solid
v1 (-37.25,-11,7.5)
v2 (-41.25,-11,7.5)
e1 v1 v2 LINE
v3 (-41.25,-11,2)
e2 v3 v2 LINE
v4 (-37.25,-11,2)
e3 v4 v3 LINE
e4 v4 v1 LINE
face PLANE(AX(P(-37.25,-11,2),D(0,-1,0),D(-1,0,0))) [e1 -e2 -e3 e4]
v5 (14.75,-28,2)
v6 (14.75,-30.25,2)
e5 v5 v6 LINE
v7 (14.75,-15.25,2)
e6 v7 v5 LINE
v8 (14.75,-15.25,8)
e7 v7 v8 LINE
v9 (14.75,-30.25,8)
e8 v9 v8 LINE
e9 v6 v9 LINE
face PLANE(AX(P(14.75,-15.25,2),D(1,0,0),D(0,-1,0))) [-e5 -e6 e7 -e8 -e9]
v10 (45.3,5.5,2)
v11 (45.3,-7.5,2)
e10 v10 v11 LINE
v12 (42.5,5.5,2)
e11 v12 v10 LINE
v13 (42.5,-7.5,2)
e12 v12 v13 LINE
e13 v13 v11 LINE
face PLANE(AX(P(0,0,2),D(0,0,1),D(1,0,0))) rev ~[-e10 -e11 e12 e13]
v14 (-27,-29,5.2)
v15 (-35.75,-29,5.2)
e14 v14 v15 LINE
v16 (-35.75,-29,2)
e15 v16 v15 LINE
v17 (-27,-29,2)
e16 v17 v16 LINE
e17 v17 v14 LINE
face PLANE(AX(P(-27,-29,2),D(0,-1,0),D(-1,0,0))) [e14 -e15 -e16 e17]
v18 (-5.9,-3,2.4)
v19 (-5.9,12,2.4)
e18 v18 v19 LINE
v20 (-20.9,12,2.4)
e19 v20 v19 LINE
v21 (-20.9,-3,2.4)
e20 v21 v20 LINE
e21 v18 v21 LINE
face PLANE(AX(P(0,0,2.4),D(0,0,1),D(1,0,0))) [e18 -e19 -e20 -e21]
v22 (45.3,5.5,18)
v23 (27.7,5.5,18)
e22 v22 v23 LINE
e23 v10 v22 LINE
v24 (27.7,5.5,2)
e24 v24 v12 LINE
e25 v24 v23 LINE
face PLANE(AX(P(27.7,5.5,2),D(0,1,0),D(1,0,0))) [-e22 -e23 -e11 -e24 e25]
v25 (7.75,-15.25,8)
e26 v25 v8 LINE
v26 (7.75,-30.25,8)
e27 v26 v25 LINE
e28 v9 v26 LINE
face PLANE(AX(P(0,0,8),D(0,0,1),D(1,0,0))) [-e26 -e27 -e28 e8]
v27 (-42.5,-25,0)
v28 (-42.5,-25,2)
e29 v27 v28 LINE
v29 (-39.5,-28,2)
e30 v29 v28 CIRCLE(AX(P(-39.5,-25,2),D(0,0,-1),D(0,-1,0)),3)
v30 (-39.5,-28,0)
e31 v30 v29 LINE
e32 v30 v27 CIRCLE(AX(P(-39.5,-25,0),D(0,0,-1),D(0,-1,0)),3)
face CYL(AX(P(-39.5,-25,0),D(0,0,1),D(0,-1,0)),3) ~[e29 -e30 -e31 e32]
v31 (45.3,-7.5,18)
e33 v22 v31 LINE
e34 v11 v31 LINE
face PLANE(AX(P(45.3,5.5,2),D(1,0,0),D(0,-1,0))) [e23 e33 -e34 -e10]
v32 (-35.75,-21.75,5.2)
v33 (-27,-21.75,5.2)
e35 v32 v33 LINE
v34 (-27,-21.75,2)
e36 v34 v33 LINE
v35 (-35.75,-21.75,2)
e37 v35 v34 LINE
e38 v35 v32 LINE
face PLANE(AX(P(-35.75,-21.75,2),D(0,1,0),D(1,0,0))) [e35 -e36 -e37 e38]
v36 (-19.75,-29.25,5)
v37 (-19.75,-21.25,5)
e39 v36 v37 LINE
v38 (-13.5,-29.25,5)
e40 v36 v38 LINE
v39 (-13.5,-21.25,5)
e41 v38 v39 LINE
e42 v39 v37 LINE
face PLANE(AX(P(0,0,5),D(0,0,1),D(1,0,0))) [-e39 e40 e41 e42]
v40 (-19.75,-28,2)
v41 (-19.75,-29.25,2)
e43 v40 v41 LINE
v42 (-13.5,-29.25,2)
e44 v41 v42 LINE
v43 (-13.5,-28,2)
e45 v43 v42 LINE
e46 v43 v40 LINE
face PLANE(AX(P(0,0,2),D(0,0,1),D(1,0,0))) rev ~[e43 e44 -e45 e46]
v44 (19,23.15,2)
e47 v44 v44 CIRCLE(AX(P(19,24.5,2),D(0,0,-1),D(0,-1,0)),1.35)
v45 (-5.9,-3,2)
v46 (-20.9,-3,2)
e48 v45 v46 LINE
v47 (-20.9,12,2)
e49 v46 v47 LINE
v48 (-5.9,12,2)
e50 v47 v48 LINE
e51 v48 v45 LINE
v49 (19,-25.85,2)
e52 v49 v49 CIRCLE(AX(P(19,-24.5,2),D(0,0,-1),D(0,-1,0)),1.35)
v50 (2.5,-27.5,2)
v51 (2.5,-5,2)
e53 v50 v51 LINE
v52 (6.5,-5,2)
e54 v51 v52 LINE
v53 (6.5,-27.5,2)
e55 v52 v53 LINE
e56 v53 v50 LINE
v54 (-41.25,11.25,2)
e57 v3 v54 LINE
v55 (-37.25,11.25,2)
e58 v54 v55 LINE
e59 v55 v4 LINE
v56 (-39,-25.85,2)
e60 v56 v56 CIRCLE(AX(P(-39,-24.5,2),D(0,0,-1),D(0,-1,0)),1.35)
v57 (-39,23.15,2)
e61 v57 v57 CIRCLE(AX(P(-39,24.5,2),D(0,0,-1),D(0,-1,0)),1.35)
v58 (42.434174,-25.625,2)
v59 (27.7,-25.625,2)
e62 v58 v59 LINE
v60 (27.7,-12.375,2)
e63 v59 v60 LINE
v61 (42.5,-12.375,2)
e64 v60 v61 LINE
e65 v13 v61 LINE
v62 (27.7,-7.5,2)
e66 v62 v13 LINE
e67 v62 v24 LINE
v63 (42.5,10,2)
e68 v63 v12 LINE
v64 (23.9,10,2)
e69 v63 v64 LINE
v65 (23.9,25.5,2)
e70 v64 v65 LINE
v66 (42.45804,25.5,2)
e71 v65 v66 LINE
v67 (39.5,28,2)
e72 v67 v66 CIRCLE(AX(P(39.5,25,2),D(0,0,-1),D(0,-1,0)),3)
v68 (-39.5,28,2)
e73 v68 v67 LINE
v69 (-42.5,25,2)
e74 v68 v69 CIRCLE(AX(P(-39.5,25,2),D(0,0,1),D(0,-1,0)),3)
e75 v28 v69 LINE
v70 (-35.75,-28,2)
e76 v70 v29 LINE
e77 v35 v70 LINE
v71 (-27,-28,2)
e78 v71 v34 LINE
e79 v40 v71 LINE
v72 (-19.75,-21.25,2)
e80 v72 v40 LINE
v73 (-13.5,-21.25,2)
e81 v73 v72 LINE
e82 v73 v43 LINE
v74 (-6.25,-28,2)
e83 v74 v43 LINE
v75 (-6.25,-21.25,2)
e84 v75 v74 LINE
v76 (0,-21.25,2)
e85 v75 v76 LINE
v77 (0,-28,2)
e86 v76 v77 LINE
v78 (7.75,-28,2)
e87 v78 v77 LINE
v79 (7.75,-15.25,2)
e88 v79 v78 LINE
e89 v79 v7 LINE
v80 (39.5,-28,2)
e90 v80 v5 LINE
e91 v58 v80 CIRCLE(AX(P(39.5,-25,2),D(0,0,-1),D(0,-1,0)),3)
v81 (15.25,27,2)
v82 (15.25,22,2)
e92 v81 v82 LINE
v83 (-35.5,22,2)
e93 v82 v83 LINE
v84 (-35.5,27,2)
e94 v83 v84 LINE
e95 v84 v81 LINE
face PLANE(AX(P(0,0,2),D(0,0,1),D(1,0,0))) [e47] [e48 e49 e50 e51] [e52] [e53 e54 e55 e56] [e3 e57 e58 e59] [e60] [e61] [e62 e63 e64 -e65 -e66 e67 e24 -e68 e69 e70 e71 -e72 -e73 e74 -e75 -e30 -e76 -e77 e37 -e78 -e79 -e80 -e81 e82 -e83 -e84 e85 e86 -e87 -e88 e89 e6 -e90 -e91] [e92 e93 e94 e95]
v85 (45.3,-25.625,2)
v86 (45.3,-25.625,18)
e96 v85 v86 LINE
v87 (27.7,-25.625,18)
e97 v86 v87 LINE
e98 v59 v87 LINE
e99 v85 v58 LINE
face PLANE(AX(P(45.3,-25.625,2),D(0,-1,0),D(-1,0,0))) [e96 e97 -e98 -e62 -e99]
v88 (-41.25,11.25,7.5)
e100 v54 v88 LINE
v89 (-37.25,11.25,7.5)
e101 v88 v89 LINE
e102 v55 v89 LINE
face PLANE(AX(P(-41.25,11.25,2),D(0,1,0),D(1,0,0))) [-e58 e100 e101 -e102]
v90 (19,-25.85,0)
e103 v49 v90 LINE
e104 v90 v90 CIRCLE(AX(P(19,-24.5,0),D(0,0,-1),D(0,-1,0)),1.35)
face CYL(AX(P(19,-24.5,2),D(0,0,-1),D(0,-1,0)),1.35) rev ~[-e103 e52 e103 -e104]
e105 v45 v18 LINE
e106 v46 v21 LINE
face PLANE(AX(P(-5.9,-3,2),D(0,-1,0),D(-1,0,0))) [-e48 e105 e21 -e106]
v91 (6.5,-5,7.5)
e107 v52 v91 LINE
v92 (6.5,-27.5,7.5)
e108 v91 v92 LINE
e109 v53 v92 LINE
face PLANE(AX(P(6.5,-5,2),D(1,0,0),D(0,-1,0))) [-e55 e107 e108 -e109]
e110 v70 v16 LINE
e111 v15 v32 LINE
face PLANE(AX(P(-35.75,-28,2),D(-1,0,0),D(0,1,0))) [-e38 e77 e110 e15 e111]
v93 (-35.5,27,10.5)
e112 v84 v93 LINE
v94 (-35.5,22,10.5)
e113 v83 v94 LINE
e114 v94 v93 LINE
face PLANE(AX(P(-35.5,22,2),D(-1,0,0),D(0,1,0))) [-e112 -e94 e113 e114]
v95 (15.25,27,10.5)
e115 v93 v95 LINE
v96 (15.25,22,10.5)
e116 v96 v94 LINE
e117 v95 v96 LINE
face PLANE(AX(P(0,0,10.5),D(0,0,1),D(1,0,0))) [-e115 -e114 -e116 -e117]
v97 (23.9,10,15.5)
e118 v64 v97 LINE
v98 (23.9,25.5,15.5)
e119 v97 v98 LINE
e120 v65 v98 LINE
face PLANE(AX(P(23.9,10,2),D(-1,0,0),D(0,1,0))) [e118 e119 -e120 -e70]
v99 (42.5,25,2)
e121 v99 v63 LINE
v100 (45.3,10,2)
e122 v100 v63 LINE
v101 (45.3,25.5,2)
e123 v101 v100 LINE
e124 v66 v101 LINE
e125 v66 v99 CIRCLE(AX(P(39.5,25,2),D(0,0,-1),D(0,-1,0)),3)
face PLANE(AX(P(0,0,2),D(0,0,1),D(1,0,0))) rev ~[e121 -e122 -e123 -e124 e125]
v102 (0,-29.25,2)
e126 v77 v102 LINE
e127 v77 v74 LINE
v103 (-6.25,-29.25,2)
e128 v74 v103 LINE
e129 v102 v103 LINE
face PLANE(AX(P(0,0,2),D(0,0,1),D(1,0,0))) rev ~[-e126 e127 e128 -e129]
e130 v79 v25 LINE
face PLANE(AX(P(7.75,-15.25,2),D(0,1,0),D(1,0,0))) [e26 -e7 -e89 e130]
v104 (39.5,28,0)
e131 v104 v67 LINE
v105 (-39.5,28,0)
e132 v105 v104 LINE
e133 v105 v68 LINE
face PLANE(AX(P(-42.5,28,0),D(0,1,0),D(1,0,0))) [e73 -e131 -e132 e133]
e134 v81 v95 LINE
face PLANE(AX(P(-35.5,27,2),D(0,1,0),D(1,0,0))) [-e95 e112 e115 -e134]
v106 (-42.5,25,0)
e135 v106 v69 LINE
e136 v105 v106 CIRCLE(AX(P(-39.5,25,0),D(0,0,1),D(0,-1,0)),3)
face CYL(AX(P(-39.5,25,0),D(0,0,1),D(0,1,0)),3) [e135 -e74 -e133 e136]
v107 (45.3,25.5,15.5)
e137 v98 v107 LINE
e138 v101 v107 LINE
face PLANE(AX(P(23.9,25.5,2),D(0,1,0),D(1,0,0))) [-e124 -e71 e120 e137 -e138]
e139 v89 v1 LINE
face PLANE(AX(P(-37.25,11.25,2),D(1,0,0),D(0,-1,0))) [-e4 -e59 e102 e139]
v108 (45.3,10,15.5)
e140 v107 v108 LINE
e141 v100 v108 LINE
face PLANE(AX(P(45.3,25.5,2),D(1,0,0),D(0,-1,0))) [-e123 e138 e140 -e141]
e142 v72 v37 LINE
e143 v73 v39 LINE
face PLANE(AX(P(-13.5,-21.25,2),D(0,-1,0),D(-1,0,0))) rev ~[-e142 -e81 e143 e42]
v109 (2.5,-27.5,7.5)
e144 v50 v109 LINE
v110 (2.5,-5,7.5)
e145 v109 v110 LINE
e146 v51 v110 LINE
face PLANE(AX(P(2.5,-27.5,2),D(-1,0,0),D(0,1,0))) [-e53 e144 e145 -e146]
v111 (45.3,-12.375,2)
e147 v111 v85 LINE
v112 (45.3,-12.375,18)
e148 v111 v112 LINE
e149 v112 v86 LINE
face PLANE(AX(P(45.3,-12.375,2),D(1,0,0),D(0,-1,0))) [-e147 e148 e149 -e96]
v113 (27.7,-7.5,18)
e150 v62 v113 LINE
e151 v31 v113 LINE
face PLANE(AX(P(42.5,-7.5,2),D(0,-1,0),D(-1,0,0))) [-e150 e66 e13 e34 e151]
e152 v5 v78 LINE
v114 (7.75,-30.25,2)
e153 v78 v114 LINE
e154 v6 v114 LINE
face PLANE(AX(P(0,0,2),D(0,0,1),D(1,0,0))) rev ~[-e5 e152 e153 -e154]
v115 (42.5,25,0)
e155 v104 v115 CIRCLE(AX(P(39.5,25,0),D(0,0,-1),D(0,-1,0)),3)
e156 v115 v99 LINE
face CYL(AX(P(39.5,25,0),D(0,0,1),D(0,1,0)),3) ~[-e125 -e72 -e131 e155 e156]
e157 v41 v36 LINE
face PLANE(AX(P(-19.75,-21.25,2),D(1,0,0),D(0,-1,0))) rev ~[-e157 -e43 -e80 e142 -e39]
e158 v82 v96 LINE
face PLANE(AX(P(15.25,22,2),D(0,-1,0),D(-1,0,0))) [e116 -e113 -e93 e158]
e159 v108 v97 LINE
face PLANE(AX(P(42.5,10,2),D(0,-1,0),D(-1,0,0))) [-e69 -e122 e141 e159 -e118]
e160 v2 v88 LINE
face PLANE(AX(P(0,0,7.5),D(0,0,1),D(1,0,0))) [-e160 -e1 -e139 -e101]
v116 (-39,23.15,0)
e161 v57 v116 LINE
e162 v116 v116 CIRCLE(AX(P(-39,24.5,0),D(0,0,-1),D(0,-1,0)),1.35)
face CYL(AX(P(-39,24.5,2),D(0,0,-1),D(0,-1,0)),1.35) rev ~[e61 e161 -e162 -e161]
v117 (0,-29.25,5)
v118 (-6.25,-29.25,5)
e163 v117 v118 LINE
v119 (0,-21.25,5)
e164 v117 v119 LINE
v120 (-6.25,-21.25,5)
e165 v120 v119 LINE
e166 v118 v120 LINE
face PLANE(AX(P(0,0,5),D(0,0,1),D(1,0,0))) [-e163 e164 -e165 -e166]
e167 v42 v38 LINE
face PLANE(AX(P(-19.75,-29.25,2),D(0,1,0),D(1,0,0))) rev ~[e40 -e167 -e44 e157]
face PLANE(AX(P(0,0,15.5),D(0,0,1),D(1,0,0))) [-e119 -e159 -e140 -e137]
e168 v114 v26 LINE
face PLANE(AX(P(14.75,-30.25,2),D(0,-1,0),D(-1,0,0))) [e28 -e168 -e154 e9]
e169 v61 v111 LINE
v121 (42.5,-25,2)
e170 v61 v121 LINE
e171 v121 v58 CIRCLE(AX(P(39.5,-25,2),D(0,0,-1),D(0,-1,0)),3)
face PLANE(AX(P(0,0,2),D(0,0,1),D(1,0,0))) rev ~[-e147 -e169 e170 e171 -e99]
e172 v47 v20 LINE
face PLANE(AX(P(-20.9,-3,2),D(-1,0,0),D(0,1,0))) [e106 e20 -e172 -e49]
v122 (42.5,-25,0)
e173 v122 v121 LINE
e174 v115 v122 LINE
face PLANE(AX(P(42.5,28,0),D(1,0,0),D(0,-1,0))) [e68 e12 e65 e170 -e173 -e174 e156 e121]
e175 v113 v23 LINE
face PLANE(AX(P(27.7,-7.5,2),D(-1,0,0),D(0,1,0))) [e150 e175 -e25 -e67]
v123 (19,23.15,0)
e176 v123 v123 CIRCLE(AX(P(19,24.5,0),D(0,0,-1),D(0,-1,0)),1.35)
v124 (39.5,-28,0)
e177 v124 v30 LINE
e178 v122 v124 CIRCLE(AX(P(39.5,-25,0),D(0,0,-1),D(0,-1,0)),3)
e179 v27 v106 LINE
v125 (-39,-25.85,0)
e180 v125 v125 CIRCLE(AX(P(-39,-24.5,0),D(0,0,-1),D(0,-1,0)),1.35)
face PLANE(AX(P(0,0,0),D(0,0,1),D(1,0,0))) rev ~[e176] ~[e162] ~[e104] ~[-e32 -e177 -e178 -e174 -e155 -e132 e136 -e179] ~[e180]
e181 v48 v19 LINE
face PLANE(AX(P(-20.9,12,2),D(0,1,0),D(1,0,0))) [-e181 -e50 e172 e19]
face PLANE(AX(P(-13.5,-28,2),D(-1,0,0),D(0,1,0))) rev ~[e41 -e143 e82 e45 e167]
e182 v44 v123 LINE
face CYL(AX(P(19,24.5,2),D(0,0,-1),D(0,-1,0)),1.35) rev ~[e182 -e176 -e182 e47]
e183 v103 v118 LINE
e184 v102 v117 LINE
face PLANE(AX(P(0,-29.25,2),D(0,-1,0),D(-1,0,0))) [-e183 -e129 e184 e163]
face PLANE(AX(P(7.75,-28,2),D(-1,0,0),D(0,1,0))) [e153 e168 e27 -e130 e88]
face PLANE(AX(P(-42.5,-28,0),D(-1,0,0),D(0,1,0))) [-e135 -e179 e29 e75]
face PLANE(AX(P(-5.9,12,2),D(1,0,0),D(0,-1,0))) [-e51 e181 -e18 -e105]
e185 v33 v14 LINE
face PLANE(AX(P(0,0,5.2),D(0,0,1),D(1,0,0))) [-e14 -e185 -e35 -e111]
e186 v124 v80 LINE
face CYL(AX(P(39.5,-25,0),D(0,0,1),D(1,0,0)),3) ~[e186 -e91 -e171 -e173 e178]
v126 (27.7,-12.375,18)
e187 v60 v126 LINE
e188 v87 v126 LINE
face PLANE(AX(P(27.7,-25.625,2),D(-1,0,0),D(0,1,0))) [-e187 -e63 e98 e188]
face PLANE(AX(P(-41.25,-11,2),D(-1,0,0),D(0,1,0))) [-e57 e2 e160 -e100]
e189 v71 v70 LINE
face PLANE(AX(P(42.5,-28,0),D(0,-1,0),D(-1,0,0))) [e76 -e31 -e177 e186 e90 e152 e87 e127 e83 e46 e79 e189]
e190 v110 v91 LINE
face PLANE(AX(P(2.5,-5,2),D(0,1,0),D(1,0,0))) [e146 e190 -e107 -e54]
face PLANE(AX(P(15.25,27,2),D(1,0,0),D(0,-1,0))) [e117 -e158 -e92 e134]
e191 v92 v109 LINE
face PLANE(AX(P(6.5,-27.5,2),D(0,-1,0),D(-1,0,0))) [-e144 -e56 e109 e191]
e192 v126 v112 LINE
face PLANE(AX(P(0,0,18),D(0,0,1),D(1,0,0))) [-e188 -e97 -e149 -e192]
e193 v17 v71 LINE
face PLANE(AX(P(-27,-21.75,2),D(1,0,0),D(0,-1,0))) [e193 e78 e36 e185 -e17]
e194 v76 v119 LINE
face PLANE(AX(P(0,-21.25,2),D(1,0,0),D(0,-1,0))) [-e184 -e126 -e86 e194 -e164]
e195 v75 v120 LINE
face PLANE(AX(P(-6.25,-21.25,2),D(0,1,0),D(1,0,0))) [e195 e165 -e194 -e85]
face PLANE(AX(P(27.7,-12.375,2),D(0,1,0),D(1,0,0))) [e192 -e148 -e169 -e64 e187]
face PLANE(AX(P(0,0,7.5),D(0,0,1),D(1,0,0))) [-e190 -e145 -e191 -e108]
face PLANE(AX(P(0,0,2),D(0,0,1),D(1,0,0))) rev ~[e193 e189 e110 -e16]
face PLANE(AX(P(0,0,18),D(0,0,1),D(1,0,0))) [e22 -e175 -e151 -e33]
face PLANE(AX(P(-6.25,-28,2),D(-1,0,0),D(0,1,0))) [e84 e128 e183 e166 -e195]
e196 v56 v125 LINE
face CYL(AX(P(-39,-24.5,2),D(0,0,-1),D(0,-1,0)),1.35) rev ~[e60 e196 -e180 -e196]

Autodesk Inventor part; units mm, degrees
ref_plane "YZ Plane" through (0, 0, 0) normal (1, 0, 0) x (0, 1, 0)
ref_plane "XZ Plane" through (0, 0, 0) normal (0, 1, 0) x (-1, 0, 0)
ref_plane "XY Plane" through (0, 0, 0) normal (0, 0, 1) x (1, 0, 0)
sketch "Sketch1" plane through (0, 0, 0) normal (0, 0, 1) x (1, 0, 0)
  line L0 (-42.5, 28) -> (42.5, 28)
  line L1 (42.5, 28) -> (42.5, -28)
  line L2 (42.5, -28) -> (-42.5, -28)
  line L3 (-42.5, -28) -> (-42.5, 28)
  point P0 (0, 0)
  point P1 (0, 28)
  point P2 (-42.5, 0)
  dimension "d0" = 85
  dimension "d1" = 56
extrude "Extrusion1" add sketch "Sketch1" along normal blind 2
fillet "Fillet1" radius 3 4 edges at (42.5, 28, 1) (42.5, -28, 1) (-42.5, -28, 1) (-42.5, 28, 1)
sketch "Sketch2" plane through (0, 0, 2) normal (0, 0, 1) x (1, 0, 0)
  line L0 (39.5, 28) -> (-39.5, 28) projected
  line L1 (-42.5, 25) -> (-42.5, -25) projected
  line L2 (-39.5, -28) -> (39.5, -28) projected
  point P0 (0, 0)
  point P1 (-39, 24.5)
  point P2 (19, 24.5)
  point P3 (-39, -24.5)
  point P4 (19, -24.5)
  dimension "d5" = 3.5
  dimension "d6" = 3.5
  dimension "d7" = 58
  dimension "d8" = 3.5
hole "Hole1" at (-39, 24.5, 2) at (19, 24.5, 2) at (-39, -24.5, 2) at (19, -24.5, 2) direction (0, 0, -1) diameter 2.7 end through all
sketch "Sketch3" plane through (0, 0, 2) normal (0, 0, 1) x (1, 0, 0)
  line L0 (-66.5402, 48.8384) -> (82.1472, 48.8384) construction
  line L1 (82.1472, 48.8384) -> (82.1472, -46.7464) construction
  line L2 (82.1472, -46.7464) -> (-66.5402, -46.7464) construction
  line L3 (-66.5402, -46.7464) -> (-66.5402, 48.8384) construction
  line L4 (27.7, -12.375) -> (45.3, -12.375)
  line L5 (45.3, -12.375) -> (45.3, -25.625)
  line L6 (45.3, -25.625) -> (27.7, -25.625)
  line L7 (27.7, -25.625) -> (27.7, -12.375)
  line L8 (27.7, 5.5) -> (45.3, 5.5)
  line L9 (45.3, 5.5) -> (45.3, -7.5)
  line L10 (45.3, -7.5) -> (27.7, -7.5)
  line L11 (27.7, -7.5) -> (27.7, 5.5)
  line L12 (23.9, 25.5) -> (45.3, 25.5)
  line L13 (45.3, 25.5) -> (45.3, 10)
  line L14 (45.3, 10) -> (23.9, 10)
  line L15 (23.9, 10) -> (23.9, 25.5)
  line L16 (-20.9, 12) -> (-5.9, 12)
  line L17 (-5.9, 12) -> (-5.9, -3)
  line L18 (-5.9, -3) -> (-20.9, -3)
  line L19 (-20.9, -3) -> (-20.9, 12)
  line L20 (-35.75, -21.75) -> (-27, -21.75)
  line L21 (-27, -21.75) -> (-27, -29)
  line L22 (-27, -29) -> (-35.75, -29)
  line L23 (-35.75, -29) -> (-35.75, -21.75)
  line L24 (-13.5, -21.25) -> (-19.75, -21.25)
  line L25 (-19.75, -21.25) -> (-19.75, -29.25)
  line L26 (-19.75, -29.25) -> (-13.5, -29.25)
  line L27 (-13.5, -29.25) -> (-13.5, -21.25)
  line L28 (-6.25, -21.25) -> (0, -21.25)
  line L29 (0, -21.25) -> (0, -29.25)
  line L30 (0, -29.25) -> (-6.25, -29.25)
  line L31 (-6.25, -29.25) -> (-6.25, -21.25)
  line L32 (7.75, -15.25) -> (14.75, -15.25)
  line L33 (14.75, -15.25) -> (14.75, -30.25)
  line L34 (14.75, -30.25) -> (7.75, -30.25)
  line L35 (7.75, -30.25) -> (7.75, -15.25)
  line L36 (2.5, -5) -> (6.5, -5)
  line L37 (6.5, -5) -> (6.5, -27.5)
  line L38 (6.5, -27.5) -> (2.5, -27.5)
  line L39 (2.5, -27.5) -> (2.5, -5)
  line L40 (-37.25, -11) -> (-41.25, -11)
  line L41 (-41.25, -11) -> (-41.25, 11.25)
  line L42 (-41.25, 11.25) -> (-37.25, 11.25)
  line L43 (-37.25, 11.25) -> (-37.25, -11)
  line L44 (-35.5, 27) -> (15.25, 27)
  line L45 (15.25, 27) -> (15.25, 22)
  line L46 (15.25, 22) -> (-35.5, 22)
  line L47 (-35.5, 22) -> (-35.5, 27)
  line L48 (-42.5, 25) -> (-42.5, -25) projected
  line L49 (39.5, 28) -> (-39.5, 28) projected
  line L50 (-39.5, -28) -> (39.5, -28) projected
  line L51 (42.5, -25) -> (42.5, 25) projected
  point P0 (0, 0)
  point P1 (-39.25, 11.25)
  point P2 (45.3, -19)
  point P3 (45.3, -1)
  point P4 (45.3, 17.75)
  dimension "d55" = 7
  dimension "d56" = 50.75
  dimension "d57" = 5
  dimension "d58" = 1
  dimension "d59" = 16.75
  dimension "d60" = 22.25
  dimension "d61" = 4
  dimension "d62" = 1.25
  dimension "d63" = 1
  dimension "d64" = 1.25
  dimension "d65" = 7.25
  dimension "d66" = 8.75
  dimension "d67" = 6.75
  dimension "d68" = 22.75
  dimension "d69" = 6.25
  dimension "d70" = 6.75
  dimension "d71" = 36.25
  dimension "d72" = 6.25
  dimension "d73" = 4
  dimension "d74" = 22.5
  dimension "d75" = 45
  dimension "d76" = 0.5
  dimension "d77" = 7
  dimension "d78" = 2.25
  dimension "d79" = 27.75
  dimension "d80" = 15
  dimension "d81" = 9
  dimension "d82" = 17.6
  dimension "d83" = 13.25
  dimension "d84" = 2.8
  dimension "d85" = 13
  dimension "d86" = 27
  dimension "d87" = 21.4
  dimension "d88" = 15.5
  dimension "d89" = 45.75
  dimension "d90" = 15
  dimension "d91" = 15
  dimension "d92" = 16
  dimension "d93" = 21.6
extrude "Extrusion2" add sketch "Sketch3" along normal blind 5.5 contours L40 L41 L42 L43
extrude "Extrusion3" add sketch "Sketch3" along normal blind 8.5 contours L44 L45 L46 L47
extrude "Extrusion4" add sketch "Sketch3" along normal blind 2.4 contours L16 L17 L18 L19
extrude "Extrusion5" add sketch "Sketch3" along normal blind 3.2 contours L20 L21 L50 L23 | L50 L21 L22 L23
extrude "Extrusion6" add sketch "Sketch3" along normal blind 3 contours L25 L24 L27 L50 | L50 L27 L26 L25
extrude "Extrusion7" add sketch "Sketch3" along normal blind 3 contours L31 L28 L29 L50 | L50 L29 L30 L31
extrude "Extrusion8" add sketch "Sketch3" along normal blind 5.5 contours L36 L37 L38 L39
extrude "Extrusion9" add sketch "Sketch3" along normal blind 6 contours L35 L32 L33 L50 | L50 L33 L34 L35
extrude "Extrusion10" add sketch "Sketch3" along normal blind 16 contours L4 L5 L6 L7
extrude "Extrusion11" add sketch "Sketch3" along normal blind 16 contours L10 L11 L8 L51 | L51 L8 L9 L10
extrude "Extrusion12" add sketch "Sketch3" along normal blind 13.5 contours L14 L15 L12 L13
sketch "Sketch4" plane through (0, 0, 4.4) normal (0, 0, 1) x (1, 0, 0)
  line L0 (-5.9, -3) -> (-5.9, 12) projected
  line L1 (-20.9, 12) -> (-5.9, 12) projected
  line L2 (-5.9, -3) -> (-20.9, -3)
  line L3 (-20.9, -3) -> (-20.9, 12)
  line L4 (-20.9, 12) -> (-5.9, 12)
  line L5 (-5.9, 12) -> (-5.9, -3)
  point P0 (0, 0)
extrude "Extrusion13" cut sketch "Sketch4" against normal blind 2
properties part number "PI 4 B SPACE MODEL"
